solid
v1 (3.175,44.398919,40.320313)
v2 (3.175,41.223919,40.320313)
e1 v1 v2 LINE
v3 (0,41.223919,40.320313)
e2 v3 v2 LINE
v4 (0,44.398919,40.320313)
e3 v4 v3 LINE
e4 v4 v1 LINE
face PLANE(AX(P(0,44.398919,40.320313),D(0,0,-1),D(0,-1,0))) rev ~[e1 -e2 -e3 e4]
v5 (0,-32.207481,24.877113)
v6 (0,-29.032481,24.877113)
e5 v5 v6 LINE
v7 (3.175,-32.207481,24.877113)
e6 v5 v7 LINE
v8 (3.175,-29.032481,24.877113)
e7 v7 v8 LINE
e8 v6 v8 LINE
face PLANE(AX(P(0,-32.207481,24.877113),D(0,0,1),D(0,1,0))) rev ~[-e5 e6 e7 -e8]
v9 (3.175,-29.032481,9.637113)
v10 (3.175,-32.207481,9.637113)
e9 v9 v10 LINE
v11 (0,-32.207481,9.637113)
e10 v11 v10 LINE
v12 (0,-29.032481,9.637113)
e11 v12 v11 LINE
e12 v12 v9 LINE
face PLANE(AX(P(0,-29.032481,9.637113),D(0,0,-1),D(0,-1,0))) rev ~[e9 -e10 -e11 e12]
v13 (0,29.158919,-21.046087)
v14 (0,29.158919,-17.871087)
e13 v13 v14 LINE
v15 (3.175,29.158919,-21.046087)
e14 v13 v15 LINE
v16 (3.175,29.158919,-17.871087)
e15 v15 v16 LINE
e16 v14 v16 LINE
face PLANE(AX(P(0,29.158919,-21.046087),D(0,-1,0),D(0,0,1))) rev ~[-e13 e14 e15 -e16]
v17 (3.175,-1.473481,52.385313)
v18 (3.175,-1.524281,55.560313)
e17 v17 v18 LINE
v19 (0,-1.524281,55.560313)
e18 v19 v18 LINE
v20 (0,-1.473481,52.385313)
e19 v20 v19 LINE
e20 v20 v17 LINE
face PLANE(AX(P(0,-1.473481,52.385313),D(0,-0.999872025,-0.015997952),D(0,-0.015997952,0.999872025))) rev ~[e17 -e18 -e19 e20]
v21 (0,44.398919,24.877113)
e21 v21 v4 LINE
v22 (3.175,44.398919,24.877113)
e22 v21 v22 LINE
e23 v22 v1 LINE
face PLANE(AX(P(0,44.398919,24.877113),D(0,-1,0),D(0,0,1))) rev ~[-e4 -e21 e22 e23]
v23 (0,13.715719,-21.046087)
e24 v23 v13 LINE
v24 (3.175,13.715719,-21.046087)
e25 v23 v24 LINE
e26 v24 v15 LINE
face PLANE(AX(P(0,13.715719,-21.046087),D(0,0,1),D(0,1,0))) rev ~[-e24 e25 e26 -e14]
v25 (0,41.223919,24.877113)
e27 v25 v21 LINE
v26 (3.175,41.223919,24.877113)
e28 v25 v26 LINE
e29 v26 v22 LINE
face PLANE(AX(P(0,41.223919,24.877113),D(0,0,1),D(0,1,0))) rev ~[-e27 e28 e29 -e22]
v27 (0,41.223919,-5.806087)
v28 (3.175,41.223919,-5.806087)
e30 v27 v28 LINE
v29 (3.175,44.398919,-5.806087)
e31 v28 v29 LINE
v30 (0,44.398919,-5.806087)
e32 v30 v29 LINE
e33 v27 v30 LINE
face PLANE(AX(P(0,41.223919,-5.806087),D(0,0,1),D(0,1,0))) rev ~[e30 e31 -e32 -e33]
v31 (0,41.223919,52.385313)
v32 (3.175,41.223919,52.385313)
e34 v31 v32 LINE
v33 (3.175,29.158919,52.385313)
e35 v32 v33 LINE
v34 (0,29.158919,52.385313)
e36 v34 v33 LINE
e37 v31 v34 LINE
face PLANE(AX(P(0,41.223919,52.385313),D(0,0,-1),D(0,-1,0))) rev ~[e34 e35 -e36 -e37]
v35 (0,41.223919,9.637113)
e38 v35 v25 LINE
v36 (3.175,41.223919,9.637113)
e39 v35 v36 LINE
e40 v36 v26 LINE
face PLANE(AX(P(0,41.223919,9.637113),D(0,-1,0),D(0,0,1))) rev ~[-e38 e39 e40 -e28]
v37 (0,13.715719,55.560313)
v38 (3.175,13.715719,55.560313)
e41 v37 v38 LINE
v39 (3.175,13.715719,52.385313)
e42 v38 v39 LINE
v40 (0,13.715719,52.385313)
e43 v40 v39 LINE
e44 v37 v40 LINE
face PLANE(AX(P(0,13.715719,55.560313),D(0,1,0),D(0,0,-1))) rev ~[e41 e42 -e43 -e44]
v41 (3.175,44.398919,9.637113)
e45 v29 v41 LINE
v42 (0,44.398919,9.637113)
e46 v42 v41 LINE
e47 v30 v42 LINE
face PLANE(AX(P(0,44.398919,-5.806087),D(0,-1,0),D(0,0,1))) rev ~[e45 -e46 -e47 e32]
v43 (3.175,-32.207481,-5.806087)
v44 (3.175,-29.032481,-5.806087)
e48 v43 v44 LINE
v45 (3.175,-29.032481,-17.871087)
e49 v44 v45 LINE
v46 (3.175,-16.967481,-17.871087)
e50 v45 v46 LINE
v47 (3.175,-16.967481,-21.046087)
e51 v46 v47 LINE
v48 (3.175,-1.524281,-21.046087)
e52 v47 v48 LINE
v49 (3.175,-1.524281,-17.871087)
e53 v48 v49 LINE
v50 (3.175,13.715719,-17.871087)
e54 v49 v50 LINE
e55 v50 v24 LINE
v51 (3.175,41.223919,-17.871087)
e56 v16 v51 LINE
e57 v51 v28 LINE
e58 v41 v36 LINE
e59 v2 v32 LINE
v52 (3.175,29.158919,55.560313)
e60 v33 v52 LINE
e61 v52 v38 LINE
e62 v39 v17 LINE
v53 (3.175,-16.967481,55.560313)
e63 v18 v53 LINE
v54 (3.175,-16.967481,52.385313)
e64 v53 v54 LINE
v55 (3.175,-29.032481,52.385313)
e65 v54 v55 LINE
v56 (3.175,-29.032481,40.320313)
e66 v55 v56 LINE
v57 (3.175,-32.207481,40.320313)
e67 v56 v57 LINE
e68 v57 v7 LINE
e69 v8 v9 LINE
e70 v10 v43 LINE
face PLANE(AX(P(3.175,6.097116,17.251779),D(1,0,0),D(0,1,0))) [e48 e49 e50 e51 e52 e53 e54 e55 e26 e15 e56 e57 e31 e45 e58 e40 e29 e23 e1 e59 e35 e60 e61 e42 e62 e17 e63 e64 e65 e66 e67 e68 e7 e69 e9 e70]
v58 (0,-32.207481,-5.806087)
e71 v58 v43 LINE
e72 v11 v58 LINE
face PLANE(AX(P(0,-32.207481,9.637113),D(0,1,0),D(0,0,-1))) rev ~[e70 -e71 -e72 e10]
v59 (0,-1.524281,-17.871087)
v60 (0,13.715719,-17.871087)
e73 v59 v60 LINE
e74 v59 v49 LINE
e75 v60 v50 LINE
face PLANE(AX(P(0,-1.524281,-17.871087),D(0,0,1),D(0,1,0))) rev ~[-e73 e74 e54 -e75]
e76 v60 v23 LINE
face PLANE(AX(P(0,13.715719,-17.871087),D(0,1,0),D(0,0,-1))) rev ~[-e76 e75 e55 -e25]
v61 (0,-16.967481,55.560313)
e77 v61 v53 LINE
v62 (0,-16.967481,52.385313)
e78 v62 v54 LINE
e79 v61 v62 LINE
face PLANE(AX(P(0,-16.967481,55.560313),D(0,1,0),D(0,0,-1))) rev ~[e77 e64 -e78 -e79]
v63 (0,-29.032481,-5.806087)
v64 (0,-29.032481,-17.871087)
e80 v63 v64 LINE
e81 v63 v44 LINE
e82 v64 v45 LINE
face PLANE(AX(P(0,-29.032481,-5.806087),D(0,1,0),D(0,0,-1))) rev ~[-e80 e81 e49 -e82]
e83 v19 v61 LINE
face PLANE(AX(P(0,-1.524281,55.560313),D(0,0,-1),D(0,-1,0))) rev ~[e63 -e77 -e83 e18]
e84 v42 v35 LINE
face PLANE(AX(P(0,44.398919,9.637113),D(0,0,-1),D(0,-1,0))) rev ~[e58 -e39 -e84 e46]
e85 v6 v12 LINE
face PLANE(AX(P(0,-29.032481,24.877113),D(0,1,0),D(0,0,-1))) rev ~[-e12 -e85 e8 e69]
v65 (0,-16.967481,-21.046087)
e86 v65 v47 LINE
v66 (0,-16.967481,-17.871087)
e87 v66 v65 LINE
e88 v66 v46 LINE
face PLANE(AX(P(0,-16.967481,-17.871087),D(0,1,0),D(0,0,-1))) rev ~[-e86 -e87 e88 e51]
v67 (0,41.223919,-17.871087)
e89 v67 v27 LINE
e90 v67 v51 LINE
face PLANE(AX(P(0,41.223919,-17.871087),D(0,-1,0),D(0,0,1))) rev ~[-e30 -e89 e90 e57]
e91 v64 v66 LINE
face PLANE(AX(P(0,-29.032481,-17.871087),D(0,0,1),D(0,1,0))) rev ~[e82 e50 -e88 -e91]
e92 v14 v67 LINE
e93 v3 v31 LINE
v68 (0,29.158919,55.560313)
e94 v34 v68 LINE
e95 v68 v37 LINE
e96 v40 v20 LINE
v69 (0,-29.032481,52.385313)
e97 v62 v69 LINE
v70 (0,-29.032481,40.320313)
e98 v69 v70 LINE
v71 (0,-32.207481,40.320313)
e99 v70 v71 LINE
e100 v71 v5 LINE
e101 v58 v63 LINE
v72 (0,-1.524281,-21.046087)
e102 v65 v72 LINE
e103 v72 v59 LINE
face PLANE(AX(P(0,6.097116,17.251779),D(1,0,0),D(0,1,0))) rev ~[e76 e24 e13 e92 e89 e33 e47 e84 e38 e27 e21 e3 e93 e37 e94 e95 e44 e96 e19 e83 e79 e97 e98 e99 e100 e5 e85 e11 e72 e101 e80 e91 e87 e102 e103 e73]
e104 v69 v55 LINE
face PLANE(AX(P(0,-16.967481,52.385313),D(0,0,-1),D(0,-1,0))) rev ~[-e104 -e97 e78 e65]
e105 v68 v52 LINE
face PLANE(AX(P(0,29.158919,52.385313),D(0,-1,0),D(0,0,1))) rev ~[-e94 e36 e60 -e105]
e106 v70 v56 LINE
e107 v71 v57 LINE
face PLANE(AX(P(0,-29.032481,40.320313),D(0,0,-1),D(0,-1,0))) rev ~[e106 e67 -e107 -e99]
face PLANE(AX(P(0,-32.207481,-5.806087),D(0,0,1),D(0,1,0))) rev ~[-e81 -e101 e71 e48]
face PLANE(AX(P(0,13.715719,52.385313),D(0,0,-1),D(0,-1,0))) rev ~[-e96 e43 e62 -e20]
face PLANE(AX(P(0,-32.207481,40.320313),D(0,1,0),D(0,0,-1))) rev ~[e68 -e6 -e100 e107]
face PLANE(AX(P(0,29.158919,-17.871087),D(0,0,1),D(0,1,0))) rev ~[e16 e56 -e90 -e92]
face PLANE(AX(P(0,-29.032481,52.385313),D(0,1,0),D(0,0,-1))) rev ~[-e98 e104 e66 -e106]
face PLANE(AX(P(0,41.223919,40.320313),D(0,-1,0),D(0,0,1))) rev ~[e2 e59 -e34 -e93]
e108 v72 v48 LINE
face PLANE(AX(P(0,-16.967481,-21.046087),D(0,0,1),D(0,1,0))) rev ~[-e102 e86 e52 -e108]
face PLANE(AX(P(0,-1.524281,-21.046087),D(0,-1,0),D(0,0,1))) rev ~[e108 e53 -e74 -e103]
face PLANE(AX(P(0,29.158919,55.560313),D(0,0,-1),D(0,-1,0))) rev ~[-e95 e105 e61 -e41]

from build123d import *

# Parameters (mm, degrees)
F1_DEPTH = 3.175


with BuildPart() as f1:
    # F0 (on Right) → F1 (new body)
    with BuildSketch(Plane.YZ):
        Polygon((-16.967481, 52.385313), (-29.032481, 52.385313), (-29.032481, 40.320313), (-32.207481, 40.320313), (-32.207481, 24.877113), (-29.032481, 24.877113), (-29.032481, 9.637113), (-32.207481, 9.637113), (-32.207481, -5.806087), (-29.032481, -5.806087), (-29.032481, -17.871087), (-16.967481, -17.871087), (-16.967481, -21.046087), (-1.524281, -21.046087), (-1.524281, -17.871087), (13.715719, -17.871087), (13.715719, -21.046087), (29.158919, -21.046087), (29.158919, -17.871087), (41.223919, -17.871087), (41.223919, -5.806087), (44.398919, -5.806087), (44.398919, 9.637113), (41.223919, 9.637113), (41.223919, 24.877113), (44.398919, 24.877113), (44.398919, 40.320313), (41.223919, 40.320313), (41.223919, 52.385313), (29.158919, 52.385313), (29.158919, 55.560313), (13.715719, 55.560313), (13.715719, 52.385313), (-1.473481, 52.385313), (-1.524281, 55.560313), (-16.967481, 55.560313), align=None)
    extrude(amount=F1_DEPTH)


solid = f1.part
